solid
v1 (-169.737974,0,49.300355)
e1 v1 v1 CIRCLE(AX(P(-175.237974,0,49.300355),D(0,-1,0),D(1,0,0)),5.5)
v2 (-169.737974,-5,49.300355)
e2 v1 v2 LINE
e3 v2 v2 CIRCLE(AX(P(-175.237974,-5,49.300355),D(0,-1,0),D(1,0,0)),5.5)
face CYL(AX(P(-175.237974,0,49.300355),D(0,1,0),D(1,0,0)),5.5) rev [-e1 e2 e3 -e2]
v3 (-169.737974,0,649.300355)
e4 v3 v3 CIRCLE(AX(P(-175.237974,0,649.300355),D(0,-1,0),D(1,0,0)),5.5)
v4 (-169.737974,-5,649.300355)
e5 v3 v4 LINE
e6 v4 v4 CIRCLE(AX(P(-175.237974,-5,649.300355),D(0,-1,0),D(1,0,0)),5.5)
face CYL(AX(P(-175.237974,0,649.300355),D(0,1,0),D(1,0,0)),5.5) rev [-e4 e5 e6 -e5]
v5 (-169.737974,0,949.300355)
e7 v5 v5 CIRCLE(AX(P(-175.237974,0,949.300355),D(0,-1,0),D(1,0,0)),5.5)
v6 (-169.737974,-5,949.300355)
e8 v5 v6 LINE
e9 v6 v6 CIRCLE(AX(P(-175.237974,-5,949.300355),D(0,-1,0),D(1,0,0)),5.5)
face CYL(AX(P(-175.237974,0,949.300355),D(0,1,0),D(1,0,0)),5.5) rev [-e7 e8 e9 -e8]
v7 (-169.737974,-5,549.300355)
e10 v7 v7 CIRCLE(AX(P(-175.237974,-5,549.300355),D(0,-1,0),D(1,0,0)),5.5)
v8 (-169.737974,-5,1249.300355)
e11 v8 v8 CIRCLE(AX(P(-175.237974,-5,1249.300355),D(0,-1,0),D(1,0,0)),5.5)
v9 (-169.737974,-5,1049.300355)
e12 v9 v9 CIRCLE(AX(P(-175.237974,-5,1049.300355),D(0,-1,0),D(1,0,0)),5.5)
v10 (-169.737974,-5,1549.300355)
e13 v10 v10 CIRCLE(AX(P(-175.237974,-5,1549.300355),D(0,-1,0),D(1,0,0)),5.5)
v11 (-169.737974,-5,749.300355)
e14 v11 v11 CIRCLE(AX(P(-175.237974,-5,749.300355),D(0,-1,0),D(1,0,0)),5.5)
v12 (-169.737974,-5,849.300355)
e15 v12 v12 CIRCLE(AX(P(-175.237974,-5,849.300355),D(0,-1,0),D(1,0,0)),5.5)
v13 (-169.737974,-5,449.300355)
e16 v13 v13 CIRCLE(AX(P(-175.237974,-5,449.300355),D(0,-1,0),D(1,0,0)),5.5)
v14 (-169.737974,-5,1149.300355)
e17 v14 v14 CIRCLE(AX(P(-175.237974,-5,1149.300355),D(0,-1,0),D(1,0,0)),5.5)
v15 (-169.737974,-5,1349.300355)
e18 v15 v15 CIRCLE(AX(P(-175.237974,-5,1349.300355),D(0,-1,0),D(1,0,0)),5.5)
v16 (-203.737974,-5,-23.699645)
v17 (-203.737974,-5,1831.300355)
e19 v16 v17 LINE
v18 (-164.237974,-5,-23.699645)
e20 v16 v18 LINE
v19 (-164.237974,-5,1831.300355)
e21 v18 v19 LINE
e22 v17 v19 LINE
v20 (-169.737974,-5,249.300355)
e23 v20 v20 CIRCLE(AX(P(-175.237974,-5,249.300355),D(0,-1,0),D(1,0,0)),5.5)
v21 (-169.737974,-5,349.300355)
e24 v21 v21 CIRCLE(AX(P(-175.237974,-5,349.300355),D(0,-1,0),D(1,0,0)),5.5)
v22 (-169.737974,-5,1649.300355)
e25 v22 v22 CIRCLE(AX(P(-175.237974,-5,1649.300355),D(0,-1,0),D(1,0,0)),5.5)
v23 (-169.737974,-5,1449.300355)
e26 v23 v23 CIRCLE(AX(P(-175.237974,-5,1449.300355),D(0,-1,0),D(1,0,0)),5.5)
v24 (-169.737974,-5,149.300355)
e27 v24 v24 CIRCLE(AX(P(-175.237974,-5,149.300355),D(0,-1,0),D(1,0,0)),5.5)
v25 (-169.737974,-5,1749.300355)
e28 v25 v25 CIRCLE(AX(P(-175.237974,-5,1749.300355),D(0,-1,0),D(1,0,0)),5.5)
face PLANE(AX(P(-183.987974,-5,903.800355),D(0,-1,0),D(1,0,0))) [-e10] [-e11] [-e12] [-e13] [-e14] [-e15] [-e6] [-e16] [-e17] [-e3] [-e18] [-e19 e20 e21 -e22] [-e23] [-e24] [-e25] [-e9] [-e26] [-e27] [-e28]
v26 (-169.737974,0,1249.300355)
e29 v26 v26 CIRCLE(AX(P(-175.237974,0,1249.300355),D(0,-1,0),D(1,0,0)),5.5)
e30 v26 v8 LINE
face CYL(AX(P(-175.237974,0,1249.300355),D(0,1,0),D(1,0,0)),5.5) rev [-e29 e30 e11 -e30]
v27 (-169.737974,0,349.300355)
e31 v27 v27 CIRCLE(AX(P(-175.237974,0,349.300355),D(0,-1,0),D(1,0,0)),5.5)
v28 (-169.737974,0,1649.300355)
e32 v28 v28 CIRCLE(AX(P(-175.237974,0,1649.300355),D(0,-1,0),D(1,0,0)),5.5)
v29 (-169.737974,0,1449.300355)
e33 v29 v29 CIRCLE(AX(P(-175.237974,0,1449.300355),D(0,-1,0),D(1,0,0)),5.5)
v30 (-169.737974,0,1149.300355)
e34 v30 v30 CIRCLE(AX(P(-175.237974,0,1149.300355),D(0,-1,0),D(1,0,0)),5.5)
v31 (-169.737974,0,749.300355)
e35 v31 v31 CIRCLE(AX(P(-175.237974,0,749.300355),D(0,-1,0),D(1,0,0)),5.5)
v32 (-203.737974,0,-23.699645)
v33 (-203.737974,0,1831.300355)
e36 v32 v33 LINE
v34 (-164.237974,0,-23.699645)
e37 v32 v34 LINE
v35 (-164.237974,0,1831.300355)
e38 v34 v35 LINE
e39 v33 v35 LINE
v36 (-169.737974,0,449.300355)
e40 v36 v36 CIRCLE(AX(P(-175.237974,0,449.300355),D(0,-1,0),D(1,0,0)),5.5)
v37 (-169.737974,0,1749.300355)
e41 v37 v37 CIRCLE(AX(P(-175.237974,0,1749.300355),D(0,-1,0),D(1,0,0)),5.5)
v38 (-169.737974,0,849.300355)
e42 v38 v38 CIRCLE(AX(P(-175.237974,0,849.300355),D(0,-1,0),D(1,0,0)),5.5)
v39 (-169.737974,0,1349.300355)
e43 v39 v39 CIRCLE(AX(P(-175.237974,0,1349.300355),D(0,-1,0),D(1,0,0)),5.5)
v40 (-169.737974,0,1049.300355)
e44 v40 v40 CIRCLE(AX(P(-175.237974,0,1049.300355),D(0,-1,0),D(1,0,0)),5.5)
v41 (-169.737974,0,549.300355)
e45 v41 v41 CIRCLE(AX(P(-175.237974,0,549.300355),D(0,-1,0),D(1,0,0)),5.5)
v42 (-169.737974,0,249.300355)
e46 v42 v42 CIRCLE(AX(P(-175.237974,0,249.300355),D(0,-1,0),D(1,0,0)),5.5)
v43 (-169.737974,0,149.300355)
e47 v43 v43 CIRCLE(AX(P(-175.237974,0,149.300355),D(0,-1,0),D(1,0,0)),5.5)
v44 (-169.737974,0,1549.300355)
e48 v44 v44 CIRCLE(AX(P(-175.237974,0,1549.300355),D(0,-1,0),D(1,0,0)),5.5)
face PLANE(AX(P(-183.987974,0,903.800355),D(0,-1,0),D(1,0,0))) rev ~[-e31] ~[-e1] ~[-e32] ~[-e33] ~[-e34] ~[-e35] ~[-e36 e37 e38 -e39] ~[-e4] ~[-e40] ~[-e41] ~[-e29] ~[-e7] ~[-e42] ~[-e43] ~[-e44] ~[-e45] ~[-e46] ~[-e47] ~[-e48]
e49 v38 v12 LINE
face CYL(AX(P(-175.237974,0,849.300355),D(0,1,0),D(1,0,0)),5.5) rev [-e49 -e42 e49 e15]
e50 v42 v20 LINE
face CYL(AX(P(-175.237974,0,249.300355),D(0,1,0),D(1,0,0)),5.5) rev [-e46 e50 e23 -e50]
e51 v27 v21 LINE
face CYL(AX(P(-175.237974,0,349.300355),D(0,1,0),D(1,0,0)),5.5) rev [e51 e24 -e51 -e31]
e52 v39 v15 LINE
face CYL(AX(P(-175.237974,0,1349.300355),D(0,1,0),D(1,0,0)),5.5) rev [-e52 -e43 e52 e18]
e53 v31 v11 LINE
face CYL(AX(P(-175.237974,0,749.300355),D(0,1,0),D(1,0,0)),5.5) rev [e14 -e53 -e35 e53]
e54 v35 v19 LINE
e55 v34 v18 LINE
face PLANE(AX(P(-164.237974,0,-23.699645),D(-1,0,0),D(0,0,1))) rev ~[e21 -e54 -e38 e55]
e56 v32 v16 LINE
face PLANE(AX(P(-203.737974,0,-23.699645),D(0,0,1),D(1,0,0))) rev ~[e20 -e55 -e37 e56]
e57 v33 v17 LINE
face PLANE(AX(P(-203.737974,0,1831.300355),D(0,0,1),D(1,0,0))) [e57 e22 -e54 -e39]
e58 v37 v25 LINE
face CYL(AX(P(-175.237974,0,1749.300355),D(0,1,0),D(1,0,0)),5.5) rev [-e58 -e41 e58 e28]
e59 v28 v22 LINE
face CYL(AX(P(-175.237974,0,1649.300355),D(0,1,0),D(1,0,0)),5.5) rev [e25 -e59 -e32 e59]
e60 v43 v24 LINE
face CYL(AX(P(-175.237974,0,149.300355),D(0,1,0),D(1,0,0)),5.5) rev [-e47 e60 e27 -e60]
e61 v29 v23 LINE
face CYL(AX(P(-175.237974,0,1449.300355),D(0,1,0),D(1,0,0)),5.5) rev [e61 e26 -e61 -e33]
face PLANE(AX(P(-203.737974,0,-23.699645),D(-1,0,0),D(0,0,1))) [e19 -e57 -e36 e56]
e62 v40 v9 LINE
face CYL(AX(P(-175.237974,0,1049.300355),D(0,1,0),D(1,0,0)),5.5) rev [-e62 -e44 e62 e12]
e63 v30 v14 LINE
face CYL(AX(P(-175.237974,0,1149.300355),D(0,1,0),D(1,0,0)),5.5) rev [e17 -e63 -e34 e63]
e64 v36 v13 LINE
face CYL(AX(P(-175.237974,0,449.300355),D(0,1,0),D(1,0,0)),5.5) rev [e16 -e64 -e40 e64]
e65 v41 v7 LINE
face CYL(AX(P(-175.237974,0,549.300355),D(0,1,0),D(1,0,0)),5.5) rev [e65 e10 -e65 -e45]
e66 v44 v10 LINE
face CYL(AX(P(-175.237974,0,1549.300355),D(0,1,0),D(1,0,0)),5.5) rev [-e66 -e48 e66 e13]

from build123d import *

# Parameters (mm, degrees)
F0_W     = 39.5
F0_H     = 1855
F0_R     = 5.5
F1_DEPTH = 5


with BuildPart() as f1:
    # F0 (on Front) → F1 (new body)
    with BuildSketch(Plane.XZ):
        with Locations((-183.987974, 903.800355)):
            Rectangle(F0_W, F0_H)
        with Locations((-175.237974, 49.300355)):
            Circle(F0_R, mode=Mode.SUBTRACT)
        with Locations((-175.237974, 149.300355)):
            Circle(F0_R, mode=Mode.SUBTRACT)
        with Locations((-175.237974, 249.300355)):
            Circle(F0_R, mode=Mode.SUBTRACT)
        with Locations((-175.237974, 349.300355)):
            Circle(F0_R, mode=Mode.SUBTRACT)
        with Locations((-175.237974, 449.300355)):
            Circle(F0_R, mode=Mode.SUBTRACT)
        with Locations((-175.237974, 549.300355)):
            Circle(F0_R, mode=Mode.SUBTRACT)
        with Locations((-175.237974, 649.300355)):
            Circle(F0_R, mode=Mode.SUBTRACT)
        with Locations((-175.237974, 749.300355)):
            Circle(F0_R, mode=Mode.SUBTRACT)
        with Locations((-175.237974, 849.300355)):
            Circle(F0_R, mode=Mode.SUBTRACT)
        with Locations((-175.237974, 949.300355)):
            Circle(F0_R, mode=Mode.SUBTRACT)
        with Locations((-175.237974, 1049.300355)):
            Circle(F0_R, mode=Mode.SUBTRACT)
        with Locations((-175.237974, 1149.300355)):
            Circle(F0_R, mode=Mode.SUBTRACT)
        with Locations((-175.237974, 1249.300355)):
            Circle(F0_R, mode=Mode.SUBTRACT)
        with Locations((-175.237974, 1349.300355)):
            Circle(F0_R, mode=Mode.SUBTRACT)
        with Locations((-175.237974, 1449.300355)):
            Circle(F0_R, mode=Mode.SUBTRACT)
        with Locations((-175.237974, 1549.300355)):
            Circle(F0_R, mode=Mode.SUBTRACT)
        with Locations((-175.237974, 1649.300355)):
            Circle(F0_R, mode=Mode.SUBTRACT)
        with Locations((-175.237974, 1749.300355)):
            Circle(F0_R, mode=Mode.SUBTRACT)
    extrude(amount=F1_DEPTH)


solid = f1.part
